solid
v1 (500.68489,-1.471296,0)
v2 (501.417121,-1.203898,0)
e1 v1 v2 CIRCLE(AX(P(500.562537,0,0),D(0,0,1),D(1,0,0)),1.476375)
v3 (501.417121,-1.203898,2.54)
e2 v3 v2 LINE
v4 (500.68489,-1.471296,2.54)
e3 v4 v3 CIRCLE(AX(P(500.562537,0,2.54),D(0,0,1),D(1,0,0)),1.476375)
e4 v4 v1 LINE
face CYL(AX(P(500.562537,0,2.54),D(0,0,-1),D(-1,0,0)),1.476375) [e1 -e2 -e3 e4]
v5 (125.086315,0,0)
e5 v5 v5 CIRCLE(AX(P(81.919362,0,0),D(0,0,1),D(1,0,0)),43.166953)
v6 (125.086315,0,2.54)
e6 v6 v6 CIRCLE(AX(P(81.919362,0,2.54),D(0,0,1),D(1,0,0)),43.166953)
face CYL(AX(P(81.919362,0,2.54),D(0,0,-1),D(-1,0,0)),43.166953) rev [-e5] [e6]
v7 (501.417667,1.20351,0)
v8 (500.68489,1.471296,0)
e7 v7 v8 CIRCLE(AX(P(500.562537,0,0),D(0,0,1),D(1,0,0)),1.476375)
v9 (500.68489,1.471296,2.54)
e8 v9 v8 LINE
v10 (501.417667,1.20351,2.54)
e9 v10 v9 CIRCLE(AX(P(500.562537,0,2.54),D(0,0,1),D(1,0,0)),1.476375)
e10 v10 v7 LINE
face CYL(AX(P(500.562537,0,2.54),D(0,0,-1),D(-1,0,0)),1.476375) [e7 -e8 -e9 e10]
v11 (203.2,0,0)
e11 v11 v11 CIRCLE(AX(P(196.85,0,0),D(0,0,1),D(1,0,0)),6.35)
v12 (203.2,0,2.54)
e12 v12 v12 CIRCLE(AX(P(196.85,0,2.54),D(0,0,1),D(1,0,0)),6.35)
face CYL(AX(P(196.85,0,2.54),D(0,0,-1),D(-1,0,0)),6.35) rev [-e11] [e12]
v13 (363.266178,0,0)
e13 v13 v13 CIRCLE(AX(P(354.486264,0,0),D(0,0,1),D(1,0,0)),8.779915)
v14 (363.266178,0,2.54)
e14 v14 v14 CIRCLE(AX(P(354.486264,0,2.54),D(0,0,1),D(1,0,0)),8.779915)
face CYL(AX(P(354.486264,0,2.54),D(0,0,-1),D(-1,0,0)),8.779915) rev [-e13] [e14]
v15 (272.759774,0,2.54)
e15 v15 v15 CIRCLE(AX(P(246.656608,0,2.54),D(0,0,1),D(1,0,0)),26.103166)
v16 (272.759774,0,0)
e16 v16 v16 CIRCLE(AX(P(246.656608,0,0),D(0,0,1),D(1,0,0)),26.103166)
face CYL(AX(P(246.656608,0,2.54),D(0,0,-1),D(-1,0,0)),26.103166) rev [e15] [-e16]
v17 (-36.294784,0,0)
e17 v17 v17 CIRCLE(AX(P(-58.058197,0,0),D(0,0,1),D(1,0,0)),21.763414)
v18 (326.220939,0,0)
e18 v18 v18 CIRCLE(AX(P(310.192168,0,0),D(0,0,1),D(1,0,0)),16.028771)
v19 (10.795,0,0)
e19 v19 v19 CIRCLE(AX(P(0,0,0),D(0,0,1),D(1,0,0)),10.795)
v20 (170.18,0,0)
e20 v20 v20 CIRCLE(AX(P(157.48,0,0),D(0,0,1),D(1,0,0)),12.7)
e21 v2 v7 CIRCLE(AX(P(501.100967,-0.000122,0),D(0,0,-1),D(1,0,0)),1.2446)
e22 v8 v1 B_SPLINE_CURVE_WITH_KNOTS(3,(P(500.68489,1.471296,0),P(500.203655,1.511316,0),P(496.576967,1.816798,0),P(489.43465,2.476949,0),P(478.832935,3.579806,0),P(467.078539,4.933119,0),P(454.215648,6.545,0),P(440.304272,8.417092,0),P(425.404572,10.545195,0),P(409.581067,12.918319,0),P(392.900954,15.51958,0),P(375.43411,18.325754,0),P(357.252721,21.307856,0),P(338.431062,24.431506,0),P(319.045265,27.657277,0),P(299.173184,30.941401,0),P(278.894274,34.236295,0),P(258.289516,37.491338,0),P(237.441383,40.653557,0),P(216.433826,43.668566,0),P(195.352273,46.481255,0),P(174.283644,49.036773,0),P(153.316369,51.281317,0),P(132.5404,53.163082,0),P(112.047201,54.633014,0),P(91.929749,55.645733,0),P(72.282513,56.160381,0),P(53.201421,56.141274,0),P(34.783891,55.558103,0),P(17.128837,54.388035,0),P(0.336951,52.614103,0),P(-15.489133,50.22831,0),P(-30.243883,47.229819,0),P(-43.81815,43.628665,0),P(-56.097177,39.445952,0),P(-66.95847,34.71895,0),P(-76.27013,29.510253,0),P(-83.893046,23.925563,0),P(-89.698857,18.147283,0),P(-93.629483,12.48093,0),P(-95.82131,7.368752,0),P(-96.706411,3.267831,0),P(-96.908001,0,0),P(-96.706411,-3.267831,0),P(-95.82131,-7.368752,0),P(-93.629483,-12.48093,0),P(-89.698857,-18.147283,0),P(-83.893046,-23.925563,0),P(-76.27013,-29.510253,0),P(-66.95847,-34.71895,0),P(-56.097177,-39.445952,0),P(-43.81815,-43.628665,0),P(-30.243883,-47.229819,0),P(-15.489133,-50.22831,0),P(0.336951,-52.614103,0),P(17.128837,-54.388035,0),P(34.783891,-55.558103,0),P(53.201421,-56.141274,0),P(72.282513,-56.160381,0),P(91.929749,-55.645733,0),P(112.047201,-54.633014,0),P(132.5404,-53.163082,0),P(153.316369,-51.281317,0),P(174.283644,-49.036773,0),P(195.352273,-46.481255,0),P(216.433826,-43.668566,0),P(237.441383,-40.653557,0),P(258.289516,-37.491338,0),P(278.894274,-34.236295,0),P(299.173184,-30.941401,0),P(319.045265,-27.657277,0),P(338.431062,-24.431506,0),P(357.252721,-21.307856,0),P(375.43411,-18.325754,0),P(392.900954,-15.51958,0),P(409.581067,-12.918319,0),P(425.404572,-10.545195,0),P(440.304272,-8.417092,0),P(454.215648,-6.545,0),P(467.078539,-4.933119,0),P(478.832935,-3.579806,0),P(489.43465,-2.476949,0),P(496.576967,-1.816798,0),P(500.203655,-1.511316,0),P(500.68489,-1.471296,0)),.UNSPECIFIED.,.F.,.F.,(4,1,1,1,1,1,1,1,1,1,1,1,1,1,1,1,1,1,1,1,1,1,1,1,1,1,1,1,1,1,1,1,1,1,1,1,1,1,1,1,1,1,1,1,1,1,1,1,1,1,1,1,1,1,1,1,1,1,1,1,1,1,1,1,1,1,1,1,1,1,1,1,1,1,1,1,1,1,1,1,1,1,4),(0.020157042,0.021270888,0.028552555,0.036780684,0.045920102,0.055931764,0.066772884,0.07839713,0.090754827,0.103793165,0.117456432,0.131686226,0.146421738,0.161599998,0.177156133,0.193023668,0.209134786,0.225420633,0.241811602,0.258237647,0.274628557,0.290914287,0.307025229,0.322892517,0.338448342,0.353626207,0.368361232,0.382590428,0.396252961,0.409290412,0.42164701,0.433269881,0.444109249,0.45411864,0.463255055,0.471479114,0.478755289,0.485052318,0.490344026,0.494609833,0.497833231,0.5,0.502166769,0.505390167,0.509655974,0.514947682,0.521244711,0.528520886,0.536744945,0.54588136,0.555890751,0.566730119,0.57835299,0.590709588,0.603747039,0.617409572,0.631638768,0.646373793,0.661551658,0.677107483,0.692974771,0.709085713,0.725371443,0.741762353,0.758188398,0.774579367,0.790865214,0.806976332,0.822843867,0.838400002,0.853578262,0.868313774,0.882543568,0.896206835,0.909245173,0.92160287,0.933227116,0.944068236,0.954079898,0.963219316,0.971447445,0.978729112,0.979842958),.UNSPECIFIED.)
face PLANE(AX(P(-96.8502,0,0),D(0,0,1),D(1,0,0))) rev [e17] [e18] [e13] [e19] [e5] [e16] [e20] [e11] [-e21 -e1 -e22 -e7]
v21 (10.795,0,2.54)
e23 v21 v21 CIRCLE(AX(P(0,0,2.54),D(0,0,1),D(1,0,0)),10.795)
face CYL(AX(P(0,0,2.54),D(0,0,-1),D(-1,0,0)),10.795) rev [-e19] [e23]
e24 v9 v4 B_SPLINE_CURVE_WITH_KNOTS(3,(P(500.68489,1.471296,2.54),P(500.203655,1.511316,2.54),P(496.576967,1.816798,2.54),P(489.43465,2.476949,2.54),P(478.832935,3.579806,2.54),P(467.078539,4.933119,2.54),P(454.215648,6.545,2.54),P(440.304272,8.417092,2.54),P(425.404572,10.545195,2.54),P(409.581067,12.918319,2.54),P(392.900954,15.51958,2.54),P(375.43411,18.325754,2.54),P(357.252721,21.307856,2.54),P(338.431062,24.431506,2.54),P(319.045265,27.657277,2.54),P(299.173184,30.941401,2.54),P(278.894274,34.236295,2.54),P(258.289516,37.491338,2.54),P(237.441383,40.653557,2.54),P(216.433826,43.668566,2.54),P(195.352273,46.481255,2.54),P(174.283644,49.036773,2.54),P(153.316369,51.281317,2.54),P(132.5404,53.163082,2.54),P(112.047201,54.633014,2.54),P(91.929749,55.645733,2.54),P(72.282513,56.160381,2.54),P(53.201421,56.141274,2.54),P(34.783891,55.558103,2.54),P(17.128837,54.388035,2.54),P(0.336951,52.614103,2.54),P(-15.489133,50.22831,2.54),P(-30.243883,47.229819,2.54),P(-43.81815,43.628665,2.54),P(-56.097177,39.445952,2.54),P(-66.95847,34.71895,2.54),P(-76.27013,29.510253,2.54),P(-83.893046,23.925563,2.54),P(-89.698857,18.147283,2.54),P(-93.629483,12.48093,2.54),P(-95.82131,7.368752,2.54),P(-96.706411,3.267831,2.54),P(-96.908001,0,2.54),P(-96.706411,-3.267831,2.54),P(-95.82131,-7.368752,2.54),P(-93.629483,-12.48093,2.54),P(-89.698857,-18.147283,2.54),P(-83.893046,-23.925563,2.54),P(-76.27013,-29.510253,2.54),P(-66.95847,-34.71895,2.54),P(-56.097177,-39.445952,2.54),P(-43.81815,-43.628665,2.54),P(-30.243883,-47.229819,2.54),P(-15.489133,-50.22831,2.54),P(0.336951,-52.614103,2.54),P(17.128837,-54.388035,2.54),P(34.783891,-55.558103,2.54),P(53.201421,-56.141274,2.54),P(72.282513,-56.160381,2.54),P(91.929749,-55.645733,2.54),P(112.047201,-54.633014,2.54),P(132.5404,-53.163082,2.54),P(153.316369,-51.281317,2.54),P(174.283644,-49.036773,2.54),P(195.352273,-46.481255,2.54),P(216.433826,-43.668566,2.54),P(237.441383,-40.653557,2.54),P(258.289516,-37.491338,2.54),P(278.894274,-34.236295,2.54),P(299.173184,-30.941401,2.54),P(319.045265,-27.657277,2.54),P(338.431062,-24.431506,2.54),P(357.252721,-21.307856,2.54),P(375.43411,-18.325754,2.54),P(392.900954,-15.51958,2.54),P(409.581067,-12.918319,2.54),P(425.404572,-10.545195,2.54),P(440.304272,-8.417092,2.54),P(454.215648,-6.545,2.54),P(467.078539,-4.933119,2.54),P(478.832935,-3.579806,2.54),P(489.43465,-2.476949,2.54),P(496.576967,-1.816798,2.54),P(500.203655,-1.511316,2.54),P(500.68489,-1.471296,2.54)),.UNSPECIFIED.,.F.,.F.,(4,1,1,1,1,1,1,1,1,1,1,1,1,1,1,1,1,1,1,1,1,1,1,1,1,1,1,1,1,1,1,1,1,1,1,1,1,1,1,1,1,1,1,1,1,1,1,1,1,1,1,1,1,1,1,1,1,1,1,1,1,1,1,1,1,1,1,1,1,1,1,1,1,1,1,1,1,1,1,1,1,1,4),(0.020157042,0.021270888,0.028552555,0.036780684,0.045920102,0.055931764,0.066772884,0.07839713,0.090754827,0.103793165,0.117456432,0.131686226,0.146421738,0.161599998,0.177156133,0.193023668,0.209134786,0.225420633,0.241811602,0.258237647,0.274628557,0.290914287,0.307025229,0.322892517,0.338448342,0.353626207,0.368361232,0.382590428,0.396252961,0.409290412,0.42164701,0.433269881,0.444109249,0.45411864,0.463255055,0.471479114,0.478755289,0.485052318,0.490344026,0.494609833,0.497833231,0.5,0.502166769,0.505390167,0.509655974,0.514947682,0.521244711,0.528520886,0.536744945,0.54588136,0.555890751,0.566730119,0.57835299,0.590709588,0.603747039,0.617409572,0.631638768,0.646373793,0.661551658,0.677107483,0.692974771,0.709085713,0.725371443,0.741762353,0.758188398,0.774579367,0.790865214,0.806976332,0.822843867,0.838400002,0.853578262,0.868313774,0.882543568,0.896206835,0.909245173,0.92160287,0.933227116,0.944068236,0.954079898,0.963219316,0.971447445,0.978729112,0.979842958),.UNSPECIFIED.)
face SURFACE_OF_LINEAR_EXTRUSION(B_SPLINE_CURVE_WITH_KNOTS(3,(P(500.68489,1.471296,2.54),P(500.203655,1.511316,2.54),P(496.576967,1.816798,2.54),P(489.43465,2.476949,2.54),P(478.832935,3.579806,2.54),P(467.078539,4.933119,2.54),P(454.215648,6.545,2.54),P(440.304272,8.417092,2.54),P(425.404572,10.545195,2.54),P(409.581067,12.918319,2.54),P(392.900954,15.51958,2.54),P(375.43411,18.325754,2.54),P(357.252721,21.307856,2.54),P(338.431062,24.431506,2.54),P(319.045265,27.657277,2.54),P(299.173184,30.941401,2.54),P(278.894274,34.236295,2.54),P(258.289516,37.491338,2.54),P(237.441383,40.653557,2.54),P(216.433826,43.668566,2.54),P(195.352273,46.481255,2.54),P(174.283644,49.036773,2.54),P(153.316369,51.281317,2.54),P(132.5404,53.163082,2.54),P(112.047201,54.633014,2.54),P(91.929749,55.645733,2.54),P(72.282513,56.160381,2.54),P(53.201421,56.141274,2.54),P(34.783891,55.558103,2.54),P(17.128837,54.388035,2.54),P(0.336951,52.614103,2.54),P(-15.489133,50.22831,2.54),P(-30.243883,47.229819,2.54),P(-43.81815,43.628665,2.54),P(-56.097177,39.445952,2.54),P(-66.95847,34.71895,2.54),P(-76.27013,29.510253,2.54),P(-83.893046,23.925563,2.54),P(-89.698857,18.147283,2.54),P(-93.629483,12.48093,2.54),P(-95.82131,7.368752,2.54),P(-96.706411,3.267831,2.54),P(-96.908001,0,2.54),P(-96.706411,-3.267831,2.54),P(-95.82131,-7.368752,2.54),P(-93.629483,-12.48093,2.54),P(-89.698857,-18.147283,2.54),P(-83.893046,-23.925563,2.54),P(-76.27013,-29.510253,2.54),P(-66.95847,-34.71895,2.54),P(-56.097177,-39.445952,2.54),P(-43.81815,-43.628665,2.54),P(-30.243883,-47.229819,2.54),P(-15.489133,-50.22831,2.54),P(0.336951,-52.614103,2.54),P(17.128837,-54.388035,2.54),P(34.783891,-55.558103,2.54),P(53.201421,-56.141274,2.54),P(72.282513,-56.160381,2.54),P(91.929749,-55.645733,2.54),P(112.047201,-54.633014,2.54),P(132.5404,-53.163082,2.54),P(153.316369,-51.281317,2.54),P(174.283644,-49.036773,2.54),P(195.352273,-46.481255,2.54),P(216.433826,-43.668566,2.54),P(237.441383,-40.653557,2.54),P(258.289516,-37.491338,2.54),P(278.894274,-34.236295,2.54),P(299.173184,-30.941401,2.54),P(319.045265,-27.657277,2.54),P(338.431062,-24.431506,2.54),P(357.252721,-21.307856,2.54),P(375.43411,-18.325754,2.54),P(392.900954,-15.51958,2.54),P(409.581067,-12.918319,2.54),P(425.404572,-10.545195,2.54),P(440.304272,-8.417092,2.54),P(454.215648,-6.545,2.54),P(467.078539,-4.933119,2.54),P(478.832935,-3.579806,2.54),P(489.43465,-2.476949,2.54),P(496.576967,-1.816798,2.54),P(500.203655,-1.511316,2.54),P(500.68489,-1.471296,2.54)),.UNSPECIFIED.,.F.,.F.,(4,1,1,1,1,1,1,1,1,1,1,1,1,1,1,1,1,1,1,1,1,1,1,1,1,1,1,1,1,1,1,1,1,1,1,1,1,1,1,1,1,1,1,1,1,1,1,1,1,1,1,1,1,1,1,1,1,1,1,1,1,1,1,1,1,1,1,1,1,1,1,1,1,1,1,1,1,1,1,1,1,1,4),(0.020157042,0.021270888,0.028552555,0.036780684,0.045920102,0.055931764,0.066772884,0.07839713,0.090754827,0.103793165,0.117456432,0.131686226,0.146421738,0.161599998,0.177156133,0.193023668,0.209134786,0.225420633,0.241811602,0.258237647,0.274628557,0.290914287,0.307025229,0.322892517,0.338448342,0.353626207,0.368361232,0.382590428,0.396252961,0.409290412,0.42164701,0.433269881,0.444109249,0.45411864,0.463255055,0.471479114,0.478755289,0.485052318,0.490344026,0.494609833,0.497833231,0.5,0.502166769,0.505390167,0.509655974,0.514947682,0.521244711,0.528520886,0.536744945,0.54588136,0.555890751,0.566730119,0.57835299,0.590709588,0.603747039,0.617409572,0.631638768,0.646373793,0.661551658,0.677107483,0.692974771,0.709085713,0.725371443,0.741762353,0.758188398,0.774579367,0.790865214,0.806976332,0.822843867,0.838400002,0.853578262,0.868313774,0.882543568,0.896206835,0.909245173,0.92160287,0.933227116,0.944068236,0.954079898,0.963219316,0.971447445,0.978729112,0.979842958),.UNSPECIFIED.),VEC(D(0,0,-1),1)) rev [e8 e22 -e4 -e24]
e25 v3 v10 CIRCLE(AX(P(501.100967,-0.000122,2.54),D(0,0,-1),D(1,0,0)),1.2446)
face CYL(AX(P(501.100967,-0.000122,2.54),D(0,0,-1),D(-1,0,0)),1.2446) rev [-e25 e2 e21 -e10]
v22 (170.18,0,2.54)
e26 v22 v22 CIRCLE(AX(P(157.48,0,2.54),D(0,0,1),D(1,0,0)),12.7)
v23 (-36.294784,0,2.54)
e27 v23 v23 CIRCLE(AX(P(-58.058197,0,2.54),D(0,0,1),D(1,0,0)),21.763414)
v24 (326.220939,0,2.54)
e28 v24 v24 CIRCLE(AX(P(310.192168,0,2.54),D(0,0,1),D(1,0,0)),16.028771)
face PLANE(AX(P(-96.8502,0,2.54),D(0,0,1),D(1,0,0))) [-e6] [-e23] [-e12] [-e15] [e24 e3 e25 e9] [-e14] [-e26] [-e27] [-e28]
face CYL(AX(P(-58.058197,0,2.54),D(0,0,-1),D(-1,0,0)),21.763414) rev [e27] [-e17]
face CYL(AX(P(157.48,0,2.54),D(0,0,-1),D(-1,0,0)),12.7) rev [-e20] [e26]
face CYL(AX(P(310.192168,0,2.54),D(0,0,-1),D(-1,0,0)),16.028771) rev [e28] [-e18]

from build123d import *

# Parameters (mm, degrees)
SKETCH2_R           = 10.795
SKETCH2_R_2         = 12.7
SKETCH2_R_3         = 6.35
SKETCH2_R_4         = 16.028770825
SKETCH2_R_5         = 8.77991455
SKETCH2_R_6         = 21.7634135
SKETCH2_R_7         = 26.10316595
SKETCH2_R_8         = 43.16695288
BOSS_EXTRUDE1_DEPTH = 2.54


with BuildPart() as part:
    # Sketch2 → Boss-Extrude1 (new body)
    with BuildSketch(Plane.XY):
        with BuildLine():
            ThreePointArc((500.684889833, -1.471296373), (501.068972253, -1.386797343), (501.417120594, -1.203898123))
            ThreePointArc((501.417120594, -1.203898123), (499.856367465, 0.000160346), (501.417667224, 1.203509915))
            ThreePointArc((501.417667224, 1.203509915), (501.069287129, 1.386682318), (500.684889833, 1.471296376))
            add(Edge.make_bspline(
                [(500.684889833, 1.471296376), (500.203654887, 1.51131569), (496.576967436, 1.816798163), (489.434650237, 2.476948512), (478.832935497, 3.579805911), (467.078539314, 4.933118958), (454.215647937, 6.545000467), (440.304272306, 8.417091621), (425.40457178, 10.545195255), (409.581067447, 12.918318802), (392.900953599, 15.519580304), (375.434110154, 18.32575385), (357.252720565, 21.307855523), (338.43106199, 24.43150554), (319.045264622, 27.657276915), (299.173184121, 30.941401436), (278.894273561, 34.236295111), (258.289516453, 37.49133818), (237.44138285, 40.653557359), (216.433826057, 43.668566139), (195.3522728, 46.481254826), (174.283643962, 49.036772818), (153.316369016, 51.281316945), (132.540399542, 53.163081565), (112.047200631, 54.63301428), (91.929749114, 55.645733185), (72.28251333, 56.160380716), (53.201420992, 56.141274035), (34.783891457, 55.55810312), (17.12883725, 54.38803504), (0.336951484, 52.614102661), (-15.489132671, 50.228309739), (-30.243882646, 47.229819367), (-43.818149959, 43.628665055), (-56.097177476, 39.445952292), (-66.958469931, 34.71894975), (-76.270130144, 29.510253469), (-83.893046126, 23.925563262), (-89.698856668, 18.147283101), (-93.629483204, 12.480929615), (-95.821310101, 7.368752178), (-96.706411232, 3.267830856), (-96.908000989, 4e-09), (-96.706411232, -3.267830848), (-95.821310101, -7.368752171), (-93.629483204, -12.480929607), (-89.698856668, -18.147283094), (-83.893046126, -23.925563255), (-76.270130144, -29.510253461), (-66.958469931, -34.718949743), (-56.097177476, -39.445952284), (-43.818149959, -43.628665047), (-30.243882646, -47.229819359), (-15.489132671, -50.228309731), (0.336951484, -52.614102653), (17.12883725, -54.388035033), (34.783891457, -55.558103113), (53.201420992, -56.141274028), (72.28251333, -56.160380708), (91.929749114, -55.645733177), (112.047200631, -54.633014273), (132.540399542, -53.163081557), (153.316369016, -51.281316937), (174.283643962, -49.036772811), (195.3522728, -46.481254819), (216.433826057, -43.668566131), (237.44138285, -40.653557351), (258.289516453, -37.491338173), (278.894273561, -34.236295103), (299.173184121, -30.941401428), (319.045264622, -27.657276908), (338.43106199, -24.431505532), (357.252720565, -21.307855515), (375.434110154, -18.325753843), (392.900953599, -15.519580296), (409.581067447, -12.918318795), (425.40457178, -10.545195247), (440.304272306, -8.417091613), (454.215647937, -6.54500046), (467.078539314, -4.933118951), (478.832935497, -3.579805904), (489.434650237, -2.476948505), (496.576967436, -1.816798155), (500.203654887, -1.511315683), (500.684889833, -1.471296373)],
                knots=[0.020157042, 0.020157042, 0.020157042, 0.020157042, 0.021270888, 0.028552555, 0.036780684, 0.045920102, 0.055931764, 0.066772884, 0.07839713, 0.090754827, 0.103793165, 0.117456432, 0.131686226, 0.146421738, 0.161599998, 0.177156133, 0.193023668, 0.209134786, 0.225420633, 0.241811602, 0.258237647, 0.274628557, 0.290914287, 0.307025229, 0.322892517, 0.338448342, 0.353626207, 0.368361232, 0.382590428, 0.396252961, 0.409290412, 0.42164701, 0.433269881, 0.444109249, 0.45411864, 0.463255055, 0.471479114, 0.478755289, 0.485052318, 0.490344026, 0.494609833, 0.497833231, 0.5, 0.502166769, 0.505390167, 0.509655974, 0.514947682, 0.521244711, 0.528520886, 0.536744945, 0.54588136, 0.555890751, 0.566730119, 0.57835299, 0.590709588, 0.603747039, 0.617409572, 0.631638768, 0.646373793, 0.661551658, 0.677107483, 0.692974771, 0.709085713, 0.725371443, 0.741762353, 0.758188398, 0.774579367, 0.790865214, 0.806976332, 0.822843867, 0.838400002, 0.853578262, 0.868313774, 0.882543568, 0.896206835, 0.909245173, 0.92160287, 0.933227116, 0.944068236, 0.954079898, 0.963219316, 0.971447445, 0.978729112, 0.979842958, 0.979842958, 0.979842958, 0.979842958], degree=3))
        make_face()
        Circle(SKETCH2_R, mode=Mode.SUBTRACT)
        with Locations((157.48, 0)):
            Circle(SKETCH2_R_2, mode=Mode.SUBTRACT)
        with Locations((196.85, 0)):
            Circle(SKETCH2_R_3, mode=Mode.SUBTRACT)
        with Locations((310.19216791, 0)):
            Circle(SKETCH2_R_4, mode=Mode.SUBTRACT)
        with Locations((354.486263574, 0)):
            Circle(SKETCH2_R_5, mode=Mode.SUBTRACT)
        with Locations((-58.058197117, 0)):
            Circle(SKETCH2_R_6, mode=Mode.SUBTRACT)
        with Locations((246.656608479, 0)):
            Circle(SKETCH2_R_7, mode=Mode.SUBTRACT)
        with Locations((81.919361729, 0)):
            Circle(SKETCH2_R_8, mode=Mode.SUBTRACT)
    extrude(amount=BOSS_EXTRUDE1_DEPTH)


solid = part.part
